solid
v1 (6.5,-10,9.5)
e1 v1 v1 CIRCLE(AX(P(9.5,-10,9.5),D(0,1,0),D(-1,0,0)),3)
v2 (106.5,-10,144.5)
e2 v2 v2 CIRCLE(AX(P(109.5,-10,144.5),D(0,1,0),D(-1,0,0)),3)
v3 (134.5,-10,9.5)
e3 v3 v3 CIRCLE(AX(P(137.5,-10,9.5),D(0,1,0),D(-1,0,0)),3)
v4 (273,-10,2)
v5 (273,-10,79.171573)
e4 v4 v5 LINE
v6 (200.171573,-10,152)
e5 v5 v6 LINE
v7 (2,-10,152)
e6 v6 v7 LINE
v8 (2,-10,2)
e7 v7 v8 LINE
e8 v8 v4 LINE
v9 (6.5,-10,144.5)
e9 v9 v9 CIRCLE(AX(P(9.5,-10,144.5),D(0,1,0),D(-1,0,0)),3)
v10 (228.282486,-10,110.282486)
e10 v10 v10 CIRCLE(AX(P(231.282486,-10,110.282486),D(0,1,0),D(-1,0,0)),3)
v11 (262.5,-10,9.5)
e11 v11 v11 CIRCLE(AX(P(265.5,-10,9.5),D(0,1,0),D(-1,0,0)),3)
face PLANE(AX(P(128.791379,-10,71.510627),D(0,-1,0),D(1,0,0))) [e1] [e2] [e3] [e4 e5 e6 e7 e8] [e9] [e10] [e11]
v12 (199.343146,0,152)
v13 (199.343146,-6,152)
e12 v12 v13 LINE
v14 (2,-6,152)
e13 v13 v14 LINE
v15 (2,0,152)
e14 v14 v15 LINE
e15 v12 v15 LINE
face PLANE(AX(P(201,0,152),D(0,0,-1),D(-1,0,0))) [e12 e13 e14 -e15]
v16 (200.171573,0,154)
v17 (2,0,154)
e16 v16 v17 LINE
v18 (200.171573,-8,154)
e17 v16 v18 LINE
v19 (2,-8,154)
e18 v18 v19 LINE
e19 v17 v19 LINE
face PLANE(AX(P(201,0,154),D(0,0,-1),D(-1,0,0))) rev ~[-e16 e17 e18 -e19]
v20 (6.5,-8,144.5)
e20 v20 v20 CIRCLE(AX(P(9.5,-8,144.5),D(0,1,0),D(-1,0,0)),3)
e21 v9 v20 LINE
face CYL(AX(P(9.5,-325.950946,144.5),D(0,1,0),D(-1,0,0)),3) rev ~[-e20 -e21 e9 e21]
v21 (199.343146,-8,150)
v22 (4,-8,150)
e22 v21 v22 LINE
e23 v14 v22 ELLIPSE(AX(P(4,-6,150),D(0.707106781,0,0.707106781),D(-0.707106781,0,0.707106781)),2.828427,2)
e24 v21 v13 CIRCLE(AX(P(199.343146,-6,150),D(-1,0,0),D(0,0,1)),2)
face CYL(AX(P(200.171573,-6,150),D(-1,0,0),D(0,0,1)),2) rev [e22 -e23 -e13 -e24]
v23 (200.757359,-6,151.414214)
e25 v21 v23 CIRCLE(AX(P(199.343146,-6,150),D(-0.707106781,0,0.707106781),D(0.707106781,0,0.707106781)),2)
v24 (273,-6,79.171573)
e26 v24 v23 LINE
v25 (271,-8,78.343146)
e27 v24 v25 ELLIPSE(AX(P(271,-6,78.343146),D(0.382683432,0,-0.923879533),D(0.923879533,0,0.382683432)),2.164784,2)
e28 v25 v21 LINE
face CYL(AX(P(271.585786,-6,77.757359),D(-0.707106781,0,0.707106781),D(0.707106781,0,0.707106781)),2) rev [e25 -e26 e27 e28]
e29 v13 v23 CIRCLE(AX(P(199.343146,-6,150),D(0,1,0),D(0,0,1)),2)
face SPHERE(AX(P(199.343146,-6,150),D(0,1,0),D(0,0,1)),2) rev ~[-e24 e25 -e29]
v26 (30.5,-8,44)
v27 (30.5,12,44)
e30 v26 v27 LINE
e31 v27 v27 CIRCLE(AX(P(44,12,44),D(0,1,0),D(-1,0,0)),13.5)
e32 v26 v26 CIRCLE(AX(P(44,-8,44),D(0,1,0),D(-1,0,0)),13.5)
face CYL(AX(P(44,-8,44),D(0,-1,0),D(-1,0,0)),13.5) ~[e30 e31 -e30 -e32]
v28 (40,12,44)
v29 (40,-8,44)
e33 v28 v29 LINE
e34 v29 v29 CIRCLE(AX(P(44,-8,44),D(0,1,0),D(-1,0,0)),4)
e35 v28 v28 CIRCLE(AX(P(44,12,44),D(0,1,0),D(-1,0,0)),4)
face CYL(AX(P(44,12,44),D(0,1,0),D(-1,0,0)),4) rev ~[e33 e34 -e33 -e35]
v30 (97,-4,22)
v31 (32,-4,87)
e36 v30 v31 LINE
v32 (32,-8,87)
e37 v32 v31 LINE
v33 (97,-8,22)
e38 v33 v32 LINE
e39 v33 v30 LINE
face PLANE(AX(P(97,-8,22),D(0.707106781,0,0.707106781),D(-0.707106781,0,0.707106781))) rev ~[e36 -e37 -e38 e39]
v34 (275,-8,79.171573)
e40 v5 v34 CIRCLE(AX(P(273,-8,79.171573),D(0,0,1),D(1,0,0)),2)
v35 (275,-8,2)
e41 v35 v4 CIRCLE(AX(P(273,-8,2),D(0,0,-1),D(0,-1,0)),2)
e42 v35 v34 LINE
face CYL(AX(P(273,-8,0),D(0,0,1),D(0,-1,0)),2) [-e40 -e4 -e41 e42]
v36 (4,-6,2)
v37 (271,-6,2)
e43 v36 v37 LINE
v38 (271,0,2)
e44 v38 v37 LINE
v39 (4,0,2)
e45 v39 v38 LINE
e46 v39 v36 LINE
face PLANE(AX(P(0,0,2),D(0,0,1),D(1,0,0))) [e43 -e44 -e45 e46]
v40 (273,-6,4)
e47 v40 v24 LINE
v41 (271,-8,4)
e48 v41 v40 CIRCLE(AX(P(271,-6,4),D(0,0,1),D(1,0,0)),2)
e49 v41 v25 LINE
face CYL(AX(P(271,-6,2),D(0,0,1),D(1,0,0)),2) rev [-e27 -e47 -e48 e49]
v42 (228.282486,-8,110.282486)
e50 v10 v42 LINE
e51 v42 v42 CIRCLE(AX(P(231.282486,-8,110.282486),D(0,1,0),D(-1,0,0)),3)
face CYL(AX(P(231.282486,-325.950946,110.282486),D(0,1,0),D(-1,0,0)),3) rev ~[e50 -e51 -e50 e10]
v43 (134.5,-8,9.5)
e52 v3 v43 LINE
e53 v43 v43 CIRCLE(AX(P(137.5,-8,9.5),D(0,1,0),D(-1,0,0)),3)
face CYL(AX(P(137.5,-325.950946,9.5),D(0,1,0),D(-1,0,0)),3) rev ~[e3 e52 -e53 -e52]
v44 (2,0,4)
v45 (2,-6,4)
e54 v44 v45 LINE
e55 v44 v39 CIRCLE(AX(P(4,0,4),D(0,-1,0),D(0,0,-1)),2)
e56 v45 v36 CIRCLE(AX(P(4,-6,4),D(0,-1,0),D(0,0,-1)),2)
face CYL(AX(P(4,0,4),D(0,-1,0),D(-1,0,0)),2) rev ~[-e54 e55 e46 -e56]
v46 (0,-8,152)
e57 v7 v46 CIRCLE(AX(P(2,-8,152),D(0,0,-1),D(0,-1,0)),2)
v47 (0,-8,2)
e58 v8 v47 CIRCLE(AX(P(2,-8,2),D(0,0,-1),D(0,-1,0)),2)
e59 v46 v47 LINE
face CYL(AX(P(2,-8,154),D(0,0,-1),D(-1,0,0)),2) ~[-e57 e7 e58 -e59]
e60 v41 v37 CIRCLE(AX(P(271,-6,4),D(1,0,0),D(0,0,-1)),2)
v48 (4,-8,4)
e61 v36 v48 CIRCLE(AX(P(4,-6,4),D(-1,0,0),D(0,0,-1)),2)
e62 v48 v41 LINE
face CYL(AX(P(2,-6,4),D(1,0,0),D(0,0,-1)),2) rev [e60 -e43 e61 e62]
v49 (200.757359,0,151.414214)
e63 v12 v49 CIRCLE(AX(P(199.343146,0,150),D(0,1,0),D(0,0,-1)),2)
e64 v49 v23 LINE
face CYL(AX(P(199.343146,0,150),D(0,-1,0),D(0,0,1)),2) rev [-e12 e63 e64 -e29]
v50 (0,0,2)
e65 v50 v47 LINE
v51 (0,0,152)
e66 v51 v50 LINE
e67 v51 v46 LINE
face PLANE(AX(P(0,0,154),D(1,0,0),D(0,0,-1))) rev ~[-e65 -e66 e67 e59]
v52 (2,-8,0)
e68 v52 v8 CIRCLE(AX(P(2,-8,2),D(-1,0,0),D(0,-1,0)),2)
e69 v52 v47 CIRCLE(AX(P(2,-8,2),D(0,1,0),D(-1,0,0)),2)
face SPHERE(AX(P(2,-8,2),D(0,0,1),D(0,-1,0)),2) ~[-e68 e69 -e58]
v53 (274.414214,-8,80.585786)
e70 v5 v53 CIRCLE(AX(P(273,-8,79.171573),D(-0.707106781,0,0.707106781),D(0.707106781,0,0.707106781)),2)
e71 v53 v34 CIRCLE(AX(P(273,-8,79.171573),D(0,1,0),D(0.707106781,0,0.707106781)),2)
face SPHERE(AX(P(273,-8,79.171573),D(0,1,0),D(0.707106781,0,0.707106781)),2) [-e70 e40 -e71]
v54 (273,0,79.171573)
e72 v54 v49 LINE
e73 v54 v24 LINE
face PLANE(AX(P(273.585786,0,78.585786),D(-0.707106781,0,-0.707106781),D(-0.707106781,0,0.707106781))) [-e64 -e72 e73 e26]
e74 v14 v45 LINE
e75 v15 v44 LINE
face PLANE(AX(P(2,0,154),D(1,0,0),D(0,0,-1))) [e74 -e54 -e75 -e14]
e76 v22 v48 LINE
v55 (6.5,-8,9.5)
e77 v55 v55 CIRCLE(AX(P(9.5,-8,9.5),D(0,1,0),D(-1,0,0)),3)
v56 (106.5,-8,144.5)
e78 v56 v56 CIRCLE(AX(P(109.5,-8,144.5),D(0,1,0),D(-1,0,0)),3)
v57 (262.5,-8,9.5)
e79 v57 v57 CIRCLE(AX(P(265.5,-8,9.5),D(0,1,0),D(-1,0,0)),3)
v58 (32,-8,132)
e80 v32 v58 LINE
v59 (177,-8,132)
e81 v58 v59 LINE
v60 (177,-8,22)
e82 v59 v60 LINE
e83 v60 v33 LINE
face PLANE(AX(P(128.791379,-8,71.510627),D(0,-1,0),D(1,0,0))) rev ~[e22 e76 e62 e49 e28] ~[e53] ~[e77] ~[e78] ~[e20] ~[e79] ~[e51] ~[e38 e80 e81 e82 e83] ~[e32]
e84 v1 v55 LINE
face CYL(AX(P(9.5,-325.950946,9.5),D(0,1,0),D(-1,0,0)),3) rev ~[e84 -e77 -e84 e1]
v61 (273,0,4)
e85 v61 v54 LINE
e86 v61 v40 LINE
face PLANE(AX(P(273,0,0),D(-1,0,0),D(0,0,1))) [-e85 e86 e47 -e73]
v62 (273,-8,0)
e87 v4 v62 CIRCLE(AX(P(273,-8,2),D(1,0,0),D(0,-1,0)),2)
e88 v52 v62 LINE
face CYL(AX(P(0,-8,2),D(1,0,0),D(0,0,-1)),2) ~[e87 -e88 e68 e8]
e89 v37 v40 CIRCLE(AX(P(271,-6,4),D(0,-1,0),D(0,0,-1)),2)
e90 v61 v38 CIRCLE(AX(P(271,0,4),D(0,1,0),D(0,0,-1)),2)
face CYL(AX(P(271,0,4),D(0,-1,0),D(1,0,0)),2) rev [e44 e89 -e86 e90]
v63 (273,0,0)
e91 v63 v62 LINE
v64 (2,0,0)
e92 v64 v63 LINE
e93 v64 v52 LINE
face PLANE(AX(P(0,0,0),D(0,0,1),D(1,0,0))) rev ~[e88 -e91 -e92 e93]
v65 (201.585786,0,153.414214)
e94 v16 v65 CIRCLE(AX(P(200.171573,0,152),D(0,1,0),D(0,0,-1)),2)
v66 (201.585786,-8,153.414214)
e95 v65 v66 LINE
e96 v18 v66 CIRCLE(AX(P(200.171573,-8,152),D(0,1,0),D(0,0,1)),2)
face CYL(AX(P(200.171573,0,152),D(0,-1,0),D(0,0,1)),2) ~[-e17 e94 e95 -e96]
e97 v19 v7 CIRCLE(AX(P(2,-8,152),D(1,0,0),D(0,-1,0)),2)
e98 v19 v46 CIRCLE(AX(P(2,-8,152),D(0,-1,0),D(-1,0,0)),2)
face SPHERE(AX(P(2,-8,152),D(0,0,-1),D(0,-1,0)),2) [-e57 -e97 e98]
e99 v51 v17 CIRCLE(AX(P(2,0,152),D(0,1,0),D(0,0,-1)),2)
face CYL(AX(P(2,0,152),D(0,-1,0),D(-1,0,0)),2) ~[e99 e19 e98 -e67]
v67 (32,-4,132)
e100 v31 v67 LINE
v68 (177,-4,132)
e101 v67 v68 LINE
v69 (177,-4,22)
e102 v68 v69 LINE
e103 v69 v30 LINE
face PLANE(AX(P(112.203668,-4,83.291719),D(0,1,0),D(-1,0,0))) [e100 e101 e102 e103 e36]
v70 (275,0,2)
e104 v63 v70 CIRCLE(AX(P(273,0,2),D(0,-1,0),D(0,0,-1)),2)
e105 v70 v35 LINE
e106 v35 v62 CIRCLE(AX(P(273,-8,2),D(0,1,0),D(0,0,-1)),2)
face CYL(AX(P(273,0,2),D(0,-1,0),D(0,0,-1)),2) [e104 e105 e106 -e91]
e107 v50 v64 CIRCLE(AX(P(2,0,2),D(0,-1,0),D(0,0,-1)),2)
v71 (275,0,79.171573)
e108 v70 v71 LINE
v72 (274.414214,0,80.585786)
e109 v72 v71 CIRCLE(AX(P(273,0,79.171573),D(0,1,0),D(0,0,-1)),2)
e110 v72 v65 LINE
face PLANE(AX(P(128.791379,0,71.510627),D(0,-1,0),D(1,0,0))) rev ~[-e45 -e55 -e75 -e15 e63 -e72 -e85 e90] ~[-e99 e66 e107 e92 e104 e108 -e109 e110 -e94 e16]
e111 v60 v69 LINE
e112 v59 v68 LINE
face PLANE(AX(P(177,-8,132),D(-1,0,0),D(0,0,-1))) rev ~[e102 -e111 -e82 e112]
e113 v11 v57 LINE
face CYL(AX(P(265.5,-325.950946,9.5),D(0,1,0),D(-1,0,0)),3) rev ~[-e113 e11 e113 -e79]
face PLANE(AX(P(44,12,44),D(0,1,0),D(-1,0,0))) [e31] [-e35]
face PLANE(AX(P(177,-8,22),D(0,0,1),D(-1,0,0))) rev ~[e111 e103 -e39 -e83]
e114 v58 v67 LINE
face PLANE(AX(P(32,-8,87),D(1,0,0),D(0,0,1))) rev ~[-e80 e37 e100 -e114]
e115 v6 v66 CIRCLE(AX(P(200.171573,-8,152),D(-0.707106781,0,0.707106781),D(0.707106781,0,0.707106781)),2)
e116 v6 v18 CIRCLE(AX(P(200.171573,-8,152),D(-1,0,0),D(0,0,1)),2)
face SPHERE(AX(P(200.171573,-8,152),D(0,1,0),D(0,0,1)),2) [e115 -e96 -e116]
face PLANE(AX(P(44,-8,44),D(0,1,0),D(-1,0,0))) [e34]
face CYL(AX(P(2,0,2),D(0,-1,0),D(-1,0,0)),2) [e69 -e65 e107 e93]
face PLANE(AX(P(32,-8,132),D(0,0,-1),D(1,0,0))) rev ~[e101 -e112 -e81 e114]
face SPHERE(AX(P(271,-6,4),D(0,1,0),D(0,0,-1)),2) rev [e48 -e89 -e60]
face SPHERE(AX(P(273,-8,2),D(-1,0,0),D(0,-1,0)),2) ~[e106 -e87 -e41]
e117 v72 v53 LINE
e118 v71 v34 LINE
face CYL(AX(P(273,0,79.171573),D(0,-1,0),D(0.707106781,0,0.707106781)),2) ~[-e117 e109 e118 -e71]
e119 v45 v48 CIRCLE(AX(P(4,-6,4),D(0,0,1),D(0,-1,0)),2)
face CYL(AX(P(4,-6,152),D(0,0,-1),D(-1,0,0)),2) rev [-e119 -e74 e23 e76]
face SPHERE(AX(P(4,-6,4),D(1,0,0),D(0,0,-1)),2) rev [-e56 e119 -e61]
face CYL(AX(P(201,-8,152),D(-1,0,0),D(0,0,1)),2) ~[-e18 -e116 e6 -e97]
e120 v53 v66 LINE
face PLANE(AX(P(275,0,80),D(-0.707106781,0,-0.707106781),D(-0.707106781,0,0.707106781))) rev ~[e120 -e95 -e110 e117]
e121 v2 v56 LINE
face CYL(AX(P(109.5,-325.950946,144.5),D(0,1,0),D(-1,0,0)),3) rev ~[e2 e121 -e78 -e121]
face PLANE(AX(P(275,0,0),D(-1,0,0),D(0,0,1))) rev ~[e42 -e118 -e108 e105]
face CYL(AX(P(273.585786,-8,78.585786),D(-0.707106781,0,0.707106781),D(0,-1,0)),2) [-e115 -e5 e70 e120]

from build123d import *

# Parameters (mm, degrees)
F1_DEPTH = 10
F2_T     = -2
F5_DEPTH = 4
F6_R     = 13.5
F7_DEPTH = 20
F8_R     = 4
F9_DEPTH = 20
F11_D    = 6
F12_R    = 2
F13_R    = 2


with BuildPart() as f1:
    # F0 (on Front) → F1 (new body)
    with BuildSketch(Plane.XZ):
        Polygon((0, 154), (0, 0), (275, 0), (275, 80), (201, 154), align=None)
    extrude(amount=F1_DEPTH)

    # F2
    f2_openings = [f1.faces().sort_by_distance(p)[0] for p in [
        (129.700907, 0, 73.382695),
    ]]
    offset(amount=F2_T, openings=f2_openings)

    # F4 (on face) → F5 (join)
    with BuildSketch(Plane(origin=(0, -8, 0), x_dir=(-1, 0, 0), z_dir=(0, 1, 0))):
        Polygon((-32, 87), (-32, 132), (-177, 132), (-177, 22), (-97, 22), align=None)
    extrude(amount=F5_DEPTH)

    # F6 (on face) → F7 (join)
    with BuildSketch(Plane(origin=(0, -8, 0), x_dir=(-1, 0, 0), z_dir=(0, 1, 0))):
        with Locations((-44, 44)):
            Circle(F6_R)
    extrude(amount=F7_DEPTH)

    # F8 (on face) → F9 (cut, through all)
    with BuildSketch(Plane(origin=(0, 12, 0), x_dir=(-1, 0, 0), z_dir=(0, 1, 0))):
        with Locations((-44, 44)):
            Circle(F8_R)
    extrude(amount=-F9_DEPTH, mode=Mode.SUBTRACT)

    # F11 (through all)
    with Locations(Plane.XZ.offset(10)):
        with Locations((9.5, 144.5), (109.5, 144.5), (231.2824855787, 110.2824855787), (265.5, 9.5), (137.5, 9.5), (9.5, 9.5)):
            Hole(F11_D / 2)

    # F12
    f12_edges = [f1.edges().sort_by_distance(p)[0] for p in [
        (0, -10, 77),
        (137.5, -10, 0),
        (238, -10, 117),
        (275, -10, 40),
        (275, -5, 0),
        (275, -5, 80),
        (201, -5, 154),
        (0, -5, 0),
        (100.5, -10, 154),
        (0, -5, 154),
    ]]
    fillet(f12_edges, radius=F12_R)

    # F13
    f13_edges = [f1.edges().sort_by_distance(p)[0] for p in [
        (273, -4, 2),
        (137.5, -8, 2),
        (273, -8, 40.585786),
        (236.585786, -8, 115.585786),
        (200.171573, -4, 152),
        (101.085786, -8, 152),
        (2, -4, 2),
        (2, -8, 77),
    ]]
    fillet(f13_edges, radius=F13_R)


solid = f1.part
